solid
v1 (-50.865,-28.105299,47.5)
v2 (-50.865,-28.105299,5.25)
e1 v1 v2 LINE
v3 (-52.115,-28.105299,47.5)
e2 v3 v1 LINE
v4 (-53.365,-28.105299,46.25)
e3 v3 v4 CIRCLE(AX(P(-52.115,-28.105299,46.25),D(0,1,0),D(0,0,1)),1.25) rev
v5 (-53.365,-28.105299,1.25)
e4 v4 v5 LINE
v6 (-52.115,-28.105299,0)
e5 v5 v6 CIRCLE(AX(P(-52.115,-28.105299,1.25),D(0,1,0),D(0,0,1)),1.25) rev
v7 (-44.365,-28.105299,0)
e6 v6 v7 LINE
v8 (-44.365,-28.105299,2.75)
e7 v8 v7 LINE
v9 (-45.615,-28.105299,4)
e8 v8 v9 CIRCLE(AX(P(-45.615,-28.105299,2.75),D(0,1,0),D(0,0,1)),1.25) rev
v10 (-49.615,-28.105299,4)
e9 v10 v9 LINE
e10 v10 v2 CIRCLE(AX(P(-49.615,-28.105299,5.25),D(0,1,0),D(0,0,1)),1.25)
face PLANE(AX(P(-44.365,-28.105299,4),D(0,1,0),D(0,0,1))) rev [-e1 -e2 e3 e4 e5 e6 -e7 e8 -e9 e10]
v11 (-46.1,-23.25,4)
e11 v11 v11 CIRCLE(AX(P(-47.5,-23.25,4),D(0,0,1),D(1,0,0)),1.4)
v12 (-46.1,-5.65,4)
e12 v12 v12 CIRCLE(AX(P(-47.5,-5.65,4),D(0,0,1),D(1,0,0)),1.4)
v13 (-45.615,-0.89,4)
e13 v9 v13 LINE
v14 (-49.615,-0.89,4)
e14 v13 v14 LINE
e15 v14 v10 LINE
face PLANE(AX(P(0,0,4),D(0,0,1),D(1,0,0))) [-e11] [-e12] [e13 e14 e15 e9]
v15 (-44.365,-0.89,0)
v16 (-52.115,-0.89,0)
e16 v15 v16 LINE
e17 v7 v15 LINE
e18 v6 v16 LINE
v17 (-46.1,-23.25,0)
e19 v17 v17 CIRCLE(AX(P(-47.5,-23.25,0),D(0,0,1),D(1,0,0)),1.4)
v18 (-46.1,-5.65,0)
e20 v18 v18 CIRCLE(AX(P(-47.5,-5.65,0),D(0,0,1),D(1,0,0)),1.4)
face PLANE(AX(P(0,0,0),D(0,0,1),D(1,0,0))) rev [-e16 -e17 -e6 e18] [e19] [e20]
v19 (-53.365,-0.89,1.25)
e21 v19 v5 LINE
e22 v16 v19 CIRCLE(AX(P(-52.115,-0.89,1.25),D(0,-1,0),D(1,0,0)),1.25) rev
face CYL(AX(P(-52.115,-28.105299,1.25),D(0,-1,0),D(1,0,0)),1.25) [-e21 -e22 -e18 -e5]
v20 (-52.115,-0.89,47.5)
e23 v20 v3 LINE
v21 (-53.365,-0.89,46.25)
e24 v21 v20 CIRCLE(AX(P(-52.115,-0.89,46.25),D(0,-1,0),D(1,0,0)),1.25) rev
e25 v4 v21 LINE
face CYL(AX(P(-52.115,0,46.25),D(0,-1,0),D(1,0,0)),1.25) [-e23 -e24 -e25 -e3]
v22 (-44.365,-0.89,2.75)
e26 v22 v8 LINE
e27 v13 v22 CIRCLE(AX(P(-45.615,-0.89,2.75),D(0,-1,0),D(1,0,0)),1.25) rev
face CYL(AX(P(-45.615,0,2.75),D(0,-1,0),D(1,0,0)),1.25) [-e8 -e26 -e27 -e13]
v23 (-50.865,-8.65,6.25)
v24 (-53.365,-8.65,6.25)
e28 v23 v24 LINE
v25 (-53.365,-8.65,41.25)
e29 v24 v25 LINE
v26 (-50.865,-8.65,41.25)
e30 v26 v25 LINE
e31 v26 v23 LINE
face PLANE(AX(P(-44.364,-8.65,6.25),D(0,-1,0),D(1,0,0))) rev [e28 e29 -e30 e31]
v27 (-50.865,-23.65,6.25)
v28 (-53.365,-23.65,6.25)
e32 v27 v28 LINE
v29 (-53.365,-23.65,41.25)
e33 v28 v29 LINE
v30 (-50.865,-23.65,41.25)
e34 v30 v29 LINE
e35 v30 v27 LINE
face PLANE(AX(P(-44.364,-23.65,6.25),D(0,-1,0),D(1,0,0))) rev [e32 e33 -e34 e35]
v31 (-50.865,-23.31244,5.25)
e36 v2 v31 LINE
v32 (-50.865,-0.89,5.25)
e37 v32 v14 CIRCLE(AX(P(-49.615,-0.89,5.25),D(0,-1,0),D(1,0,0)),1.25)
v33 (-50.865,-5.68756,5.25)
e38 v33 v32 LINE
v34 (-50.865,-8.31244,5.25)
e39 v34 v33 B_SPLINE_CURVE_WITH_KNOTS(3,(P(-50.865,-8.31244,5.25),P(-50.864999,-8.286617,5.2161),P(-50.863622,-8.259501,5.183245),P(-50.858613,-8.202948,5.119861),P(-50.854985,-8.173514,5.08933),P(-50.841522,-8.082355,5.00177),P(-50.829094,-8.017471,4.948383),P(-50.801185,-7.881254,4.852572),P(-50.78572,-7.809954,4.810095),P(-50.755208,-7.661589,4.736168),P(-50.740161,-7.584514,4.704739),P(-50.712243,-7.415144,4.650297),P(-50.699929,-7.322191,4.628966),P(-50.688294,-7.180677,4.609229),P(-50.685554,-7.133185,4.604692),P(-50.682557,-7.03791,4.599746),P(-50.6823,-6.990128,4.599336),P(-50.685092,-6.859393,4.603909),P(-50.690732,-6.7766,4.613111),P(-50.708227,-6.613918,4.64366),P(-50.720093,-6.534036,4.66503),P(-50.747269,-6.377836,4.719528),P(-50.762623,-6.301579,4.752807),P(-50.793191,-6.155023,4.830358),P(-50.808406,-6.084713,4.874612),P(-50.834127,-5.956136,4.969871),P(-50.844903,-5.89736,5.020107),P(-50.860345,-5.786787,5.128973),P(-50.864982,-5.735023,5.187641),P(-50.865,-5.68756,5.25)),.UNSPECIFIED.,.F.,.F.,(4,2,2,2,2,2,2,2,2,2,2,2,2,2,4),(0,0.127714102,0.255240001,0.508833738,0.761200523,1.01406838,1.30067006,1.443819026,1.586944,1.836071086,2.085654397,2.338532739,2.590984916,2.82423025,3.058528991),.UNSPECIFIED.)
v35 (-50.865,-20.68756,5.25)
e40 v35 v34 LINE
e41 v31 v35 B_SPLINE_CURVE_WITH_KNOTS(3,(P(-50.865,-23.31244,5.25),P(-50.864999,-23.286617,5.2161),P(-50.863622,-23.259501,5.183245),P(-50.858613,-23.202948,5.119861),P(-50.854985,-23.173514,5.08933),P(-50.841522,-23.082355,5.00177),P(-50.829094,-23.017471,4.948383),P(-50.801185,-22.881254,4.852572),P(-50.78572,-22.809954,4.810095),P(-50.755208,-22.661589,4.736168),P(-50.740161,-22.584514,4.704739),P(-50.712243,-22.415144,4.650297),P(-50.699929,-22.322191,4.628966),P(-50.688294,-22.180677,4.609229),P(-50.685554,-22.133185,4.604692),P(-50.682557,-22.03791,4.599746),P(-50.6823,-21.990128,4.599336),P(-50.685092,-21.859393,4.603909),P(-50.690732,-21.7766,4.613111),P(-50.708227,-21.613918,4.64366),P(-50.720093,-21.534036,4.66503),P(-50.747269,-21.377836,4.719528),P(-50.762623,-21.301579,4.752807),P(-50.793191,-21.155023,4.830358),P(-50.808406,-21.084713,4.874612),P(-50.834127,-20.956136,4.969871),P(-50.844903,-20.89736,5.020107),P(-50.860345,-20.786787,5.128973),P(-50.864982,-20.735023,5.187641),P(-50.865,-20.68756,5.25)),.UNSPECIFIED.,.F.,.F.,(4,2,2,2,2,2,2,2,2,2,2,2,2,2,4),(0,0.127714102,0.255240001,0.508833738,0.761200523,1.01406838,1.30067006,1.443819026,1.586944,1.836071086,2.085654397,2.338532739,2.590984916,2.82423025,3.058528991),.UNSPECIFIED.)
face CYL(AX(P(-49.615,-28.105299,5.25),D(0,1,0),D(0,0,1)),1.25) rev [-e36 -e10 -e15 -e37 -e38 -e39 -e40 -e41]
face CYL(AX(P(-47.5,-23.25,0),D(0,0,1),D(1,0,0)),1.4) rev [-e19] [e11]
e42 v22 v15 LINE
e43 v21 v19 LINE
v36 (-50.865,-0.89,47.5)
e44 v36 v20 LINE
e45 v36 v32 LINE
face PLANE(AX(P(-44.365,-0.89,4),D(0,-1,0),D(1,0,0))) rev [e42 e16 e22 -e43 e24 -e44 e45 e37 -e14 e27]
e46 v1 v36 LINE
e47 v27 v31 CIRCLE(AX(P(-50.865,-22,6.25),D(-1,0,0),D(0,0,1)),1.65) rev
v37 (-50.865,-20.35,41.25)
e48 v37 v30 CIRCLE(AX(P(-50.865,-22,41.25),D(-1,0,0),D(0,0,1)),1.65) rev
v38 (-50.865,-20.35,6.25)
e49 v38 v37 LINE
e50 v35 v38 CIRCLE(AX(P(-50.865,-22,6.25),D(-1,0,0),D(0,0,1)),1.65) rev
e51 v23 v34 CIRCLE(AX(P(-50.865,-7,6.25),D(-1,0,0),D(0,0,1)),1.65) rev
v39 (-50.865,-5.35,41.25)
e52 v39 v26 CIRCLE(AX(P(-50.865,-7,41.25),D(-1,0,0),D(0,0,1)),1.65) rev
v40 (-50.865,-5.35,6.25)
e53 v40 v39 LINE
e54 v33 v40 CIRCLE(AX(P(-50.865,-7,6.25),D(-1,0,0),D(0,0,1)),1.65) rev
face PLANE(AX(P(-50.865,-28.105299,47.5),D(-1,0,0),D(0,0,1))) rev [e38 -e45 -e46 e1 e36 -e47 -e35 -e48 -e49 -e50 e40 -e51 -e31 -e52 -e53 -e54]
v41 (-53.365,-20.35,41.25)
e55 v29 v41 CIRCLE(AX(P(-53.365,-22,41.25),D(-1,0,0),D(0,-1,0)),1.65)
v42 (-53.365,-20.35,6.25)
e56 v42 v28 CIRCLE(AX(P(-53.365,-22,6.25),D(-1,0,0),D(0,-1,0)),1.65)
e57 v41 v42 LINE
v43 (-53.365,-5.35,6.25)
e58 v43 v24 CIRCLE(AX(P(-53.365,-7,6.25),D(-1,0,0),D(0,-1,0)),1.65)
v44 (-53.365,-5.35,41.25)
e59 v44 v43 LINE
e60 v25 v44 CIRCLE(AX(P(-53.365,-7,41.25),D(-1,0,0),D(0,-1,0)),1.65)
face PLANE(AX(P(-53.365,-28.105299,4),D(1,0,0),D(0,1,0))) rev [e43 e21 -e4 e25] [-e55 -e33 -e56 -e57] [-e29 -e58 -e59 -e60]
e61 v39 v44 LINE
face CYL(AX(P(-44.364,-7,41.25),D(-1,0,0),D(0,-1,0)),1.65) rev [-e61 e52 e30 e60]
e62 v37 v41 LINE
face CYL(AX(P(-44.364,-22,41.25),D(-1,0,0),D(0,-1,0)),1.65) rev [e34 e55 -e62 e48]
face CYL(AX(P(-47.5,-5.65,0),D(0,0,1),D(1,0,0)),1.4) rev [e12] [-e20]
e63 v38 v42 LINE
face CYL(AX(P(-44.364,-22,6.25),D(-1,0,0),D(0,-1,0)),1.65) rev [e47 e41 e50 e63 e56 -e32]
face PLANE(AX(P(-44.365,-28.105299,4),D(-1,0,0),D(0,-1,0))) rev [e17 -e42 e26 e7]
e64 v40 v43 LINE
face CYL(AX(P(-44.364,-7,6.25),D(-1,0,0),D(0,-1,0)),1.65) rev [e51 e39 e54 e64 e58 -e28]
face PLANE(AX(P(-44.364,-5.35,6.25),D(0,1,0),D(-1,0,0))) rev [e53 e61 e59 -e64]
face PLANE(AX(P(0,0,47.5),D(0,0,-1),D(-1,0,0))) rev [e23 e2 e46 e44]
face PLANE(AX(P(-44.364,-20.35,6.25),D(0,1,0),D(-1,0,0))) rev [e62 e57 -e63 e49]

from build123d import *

# Parameters (mm, degrees)
SKETCH1_W           = 9
SKETCH1_H           = 27.215298634
BOSS_EXTRUDE1_DEPTH = 4
SKETCH2_W           = 2.5
SKETCH2_H           = 27.215298634
BOSS_EXTRUDE2_DEPTH = 43.5
FILLET1_R           = 1.25
CUT_EXTRUDE1_REACH  = 57.921
SKETCH7_R           = 1.4
CUT_EXTRUDE2_DEPTH  = 75.363842374


with BuildPart() as part:
    # Sketch1 → Boss-Extrude1 (new body)
    with BuildSketch(Plane.XY):
        with Locations((-48.865, -14.497649317)):
            Rectangle(SKETCH1_W, SKETCH1_H)
    extrude(amount=BOSS_EXTRUDE1_DEPTH)

    # Sketch2 → Boss-Extrude2 (add)
    with BuildSketch(Plane.XY.offset(4)):
        with Locations((-52.115, -14.497649317)):
            Rectangle(SKETCH2_W, SKETCH2_H)
    extrude(amount=BOSS_EXTRUDE2_DEPTH)

    # Fillet1
    fillet1_edges = [part.edges().sort_by_distance(p)[0] for p in [
        (-50.865, -14.497649317, 4),
        (-53.365, -14.497649317, 47.5),
        (-44.365, -14.497649317, 4),
        (-53.365, -14.497649317, 0),
    ]]
    fillet(fillet1_edges, radius=FILLET1_R)

    # Sketch6 → Cut-Extrude1 (cut, up to next)
    with BuildSketch(Plane.ZY.offset(53.365), mode=Mode.PRIVATE) as cut_extrude1_sk1:
        with BuildLine():
            Line((6.25, -20.35), (41.25, -20.35))
            ThreePointArc((41.25, -20.35), (42.9, -22), (41.25, -23.65))
            Line((41.25, -23.65), (6.25, -23.65))
            ThreePointArc((6.25, -23.65), (4.6, -22), (6.25, -20.35))
        make_face()
    cut_extrude1_tool1 = extrude(cut_extrude1_sk1.sketch, amount=-CUT_EXTRUDE1_REACH, mode=Mode.PRIVATE) & part.part
    # Sketch6 → Cut-Extrude1 (cut, up to next)
    with BuildSketch(Plane.ZY.offset(53.365), mode=Mode.PRIVATE) as cut_extrude1_sk2:
        with BuildLine():
            Line((6.25, -5.35), (41.25, -5.35))
            ThreePointArc((41.25, -5.35), (42.9, -7), (41.25, -8.65))
            Line((41.25, -8.65), (6.25, -8.65))
            ThreePointArc((6.25, -8.65), (4.6, -7), (6.25, -5.35))
        make_face()
    cut_extrude1_tool2 = extrude(cut_extrude1_sk2.sketch, amount=-CUT_EXTRUDE1_REACH, mode=Mode.PRIVATE) & part.part
    add(cut_extrude1_tool1.solids().sort_by_distance((-53.365, -22, 23.75))[0], mode=Mode.SUBTRACT)
    add(cut_extrude1_tool2.solids().sort_by_distance((-53.365, -7, 23.75))[0], mode=Mode.SUBTRACT)

    # Sketch7 → Cut-Extrude2 (cut, through all)
    with BuildSketch(Plane.XY.offset(4)):
        with Locations((-47.5, -23.25)):
            Circle(SKETCH7_R)
        with Locations((-47.5, -5.65)):
            Circle(SKETCH7_R)
    extrude(amount=-CUT_EXTRUDE2_DEPTH, mode=Mode.SUBTRACT)


solid = part.part
